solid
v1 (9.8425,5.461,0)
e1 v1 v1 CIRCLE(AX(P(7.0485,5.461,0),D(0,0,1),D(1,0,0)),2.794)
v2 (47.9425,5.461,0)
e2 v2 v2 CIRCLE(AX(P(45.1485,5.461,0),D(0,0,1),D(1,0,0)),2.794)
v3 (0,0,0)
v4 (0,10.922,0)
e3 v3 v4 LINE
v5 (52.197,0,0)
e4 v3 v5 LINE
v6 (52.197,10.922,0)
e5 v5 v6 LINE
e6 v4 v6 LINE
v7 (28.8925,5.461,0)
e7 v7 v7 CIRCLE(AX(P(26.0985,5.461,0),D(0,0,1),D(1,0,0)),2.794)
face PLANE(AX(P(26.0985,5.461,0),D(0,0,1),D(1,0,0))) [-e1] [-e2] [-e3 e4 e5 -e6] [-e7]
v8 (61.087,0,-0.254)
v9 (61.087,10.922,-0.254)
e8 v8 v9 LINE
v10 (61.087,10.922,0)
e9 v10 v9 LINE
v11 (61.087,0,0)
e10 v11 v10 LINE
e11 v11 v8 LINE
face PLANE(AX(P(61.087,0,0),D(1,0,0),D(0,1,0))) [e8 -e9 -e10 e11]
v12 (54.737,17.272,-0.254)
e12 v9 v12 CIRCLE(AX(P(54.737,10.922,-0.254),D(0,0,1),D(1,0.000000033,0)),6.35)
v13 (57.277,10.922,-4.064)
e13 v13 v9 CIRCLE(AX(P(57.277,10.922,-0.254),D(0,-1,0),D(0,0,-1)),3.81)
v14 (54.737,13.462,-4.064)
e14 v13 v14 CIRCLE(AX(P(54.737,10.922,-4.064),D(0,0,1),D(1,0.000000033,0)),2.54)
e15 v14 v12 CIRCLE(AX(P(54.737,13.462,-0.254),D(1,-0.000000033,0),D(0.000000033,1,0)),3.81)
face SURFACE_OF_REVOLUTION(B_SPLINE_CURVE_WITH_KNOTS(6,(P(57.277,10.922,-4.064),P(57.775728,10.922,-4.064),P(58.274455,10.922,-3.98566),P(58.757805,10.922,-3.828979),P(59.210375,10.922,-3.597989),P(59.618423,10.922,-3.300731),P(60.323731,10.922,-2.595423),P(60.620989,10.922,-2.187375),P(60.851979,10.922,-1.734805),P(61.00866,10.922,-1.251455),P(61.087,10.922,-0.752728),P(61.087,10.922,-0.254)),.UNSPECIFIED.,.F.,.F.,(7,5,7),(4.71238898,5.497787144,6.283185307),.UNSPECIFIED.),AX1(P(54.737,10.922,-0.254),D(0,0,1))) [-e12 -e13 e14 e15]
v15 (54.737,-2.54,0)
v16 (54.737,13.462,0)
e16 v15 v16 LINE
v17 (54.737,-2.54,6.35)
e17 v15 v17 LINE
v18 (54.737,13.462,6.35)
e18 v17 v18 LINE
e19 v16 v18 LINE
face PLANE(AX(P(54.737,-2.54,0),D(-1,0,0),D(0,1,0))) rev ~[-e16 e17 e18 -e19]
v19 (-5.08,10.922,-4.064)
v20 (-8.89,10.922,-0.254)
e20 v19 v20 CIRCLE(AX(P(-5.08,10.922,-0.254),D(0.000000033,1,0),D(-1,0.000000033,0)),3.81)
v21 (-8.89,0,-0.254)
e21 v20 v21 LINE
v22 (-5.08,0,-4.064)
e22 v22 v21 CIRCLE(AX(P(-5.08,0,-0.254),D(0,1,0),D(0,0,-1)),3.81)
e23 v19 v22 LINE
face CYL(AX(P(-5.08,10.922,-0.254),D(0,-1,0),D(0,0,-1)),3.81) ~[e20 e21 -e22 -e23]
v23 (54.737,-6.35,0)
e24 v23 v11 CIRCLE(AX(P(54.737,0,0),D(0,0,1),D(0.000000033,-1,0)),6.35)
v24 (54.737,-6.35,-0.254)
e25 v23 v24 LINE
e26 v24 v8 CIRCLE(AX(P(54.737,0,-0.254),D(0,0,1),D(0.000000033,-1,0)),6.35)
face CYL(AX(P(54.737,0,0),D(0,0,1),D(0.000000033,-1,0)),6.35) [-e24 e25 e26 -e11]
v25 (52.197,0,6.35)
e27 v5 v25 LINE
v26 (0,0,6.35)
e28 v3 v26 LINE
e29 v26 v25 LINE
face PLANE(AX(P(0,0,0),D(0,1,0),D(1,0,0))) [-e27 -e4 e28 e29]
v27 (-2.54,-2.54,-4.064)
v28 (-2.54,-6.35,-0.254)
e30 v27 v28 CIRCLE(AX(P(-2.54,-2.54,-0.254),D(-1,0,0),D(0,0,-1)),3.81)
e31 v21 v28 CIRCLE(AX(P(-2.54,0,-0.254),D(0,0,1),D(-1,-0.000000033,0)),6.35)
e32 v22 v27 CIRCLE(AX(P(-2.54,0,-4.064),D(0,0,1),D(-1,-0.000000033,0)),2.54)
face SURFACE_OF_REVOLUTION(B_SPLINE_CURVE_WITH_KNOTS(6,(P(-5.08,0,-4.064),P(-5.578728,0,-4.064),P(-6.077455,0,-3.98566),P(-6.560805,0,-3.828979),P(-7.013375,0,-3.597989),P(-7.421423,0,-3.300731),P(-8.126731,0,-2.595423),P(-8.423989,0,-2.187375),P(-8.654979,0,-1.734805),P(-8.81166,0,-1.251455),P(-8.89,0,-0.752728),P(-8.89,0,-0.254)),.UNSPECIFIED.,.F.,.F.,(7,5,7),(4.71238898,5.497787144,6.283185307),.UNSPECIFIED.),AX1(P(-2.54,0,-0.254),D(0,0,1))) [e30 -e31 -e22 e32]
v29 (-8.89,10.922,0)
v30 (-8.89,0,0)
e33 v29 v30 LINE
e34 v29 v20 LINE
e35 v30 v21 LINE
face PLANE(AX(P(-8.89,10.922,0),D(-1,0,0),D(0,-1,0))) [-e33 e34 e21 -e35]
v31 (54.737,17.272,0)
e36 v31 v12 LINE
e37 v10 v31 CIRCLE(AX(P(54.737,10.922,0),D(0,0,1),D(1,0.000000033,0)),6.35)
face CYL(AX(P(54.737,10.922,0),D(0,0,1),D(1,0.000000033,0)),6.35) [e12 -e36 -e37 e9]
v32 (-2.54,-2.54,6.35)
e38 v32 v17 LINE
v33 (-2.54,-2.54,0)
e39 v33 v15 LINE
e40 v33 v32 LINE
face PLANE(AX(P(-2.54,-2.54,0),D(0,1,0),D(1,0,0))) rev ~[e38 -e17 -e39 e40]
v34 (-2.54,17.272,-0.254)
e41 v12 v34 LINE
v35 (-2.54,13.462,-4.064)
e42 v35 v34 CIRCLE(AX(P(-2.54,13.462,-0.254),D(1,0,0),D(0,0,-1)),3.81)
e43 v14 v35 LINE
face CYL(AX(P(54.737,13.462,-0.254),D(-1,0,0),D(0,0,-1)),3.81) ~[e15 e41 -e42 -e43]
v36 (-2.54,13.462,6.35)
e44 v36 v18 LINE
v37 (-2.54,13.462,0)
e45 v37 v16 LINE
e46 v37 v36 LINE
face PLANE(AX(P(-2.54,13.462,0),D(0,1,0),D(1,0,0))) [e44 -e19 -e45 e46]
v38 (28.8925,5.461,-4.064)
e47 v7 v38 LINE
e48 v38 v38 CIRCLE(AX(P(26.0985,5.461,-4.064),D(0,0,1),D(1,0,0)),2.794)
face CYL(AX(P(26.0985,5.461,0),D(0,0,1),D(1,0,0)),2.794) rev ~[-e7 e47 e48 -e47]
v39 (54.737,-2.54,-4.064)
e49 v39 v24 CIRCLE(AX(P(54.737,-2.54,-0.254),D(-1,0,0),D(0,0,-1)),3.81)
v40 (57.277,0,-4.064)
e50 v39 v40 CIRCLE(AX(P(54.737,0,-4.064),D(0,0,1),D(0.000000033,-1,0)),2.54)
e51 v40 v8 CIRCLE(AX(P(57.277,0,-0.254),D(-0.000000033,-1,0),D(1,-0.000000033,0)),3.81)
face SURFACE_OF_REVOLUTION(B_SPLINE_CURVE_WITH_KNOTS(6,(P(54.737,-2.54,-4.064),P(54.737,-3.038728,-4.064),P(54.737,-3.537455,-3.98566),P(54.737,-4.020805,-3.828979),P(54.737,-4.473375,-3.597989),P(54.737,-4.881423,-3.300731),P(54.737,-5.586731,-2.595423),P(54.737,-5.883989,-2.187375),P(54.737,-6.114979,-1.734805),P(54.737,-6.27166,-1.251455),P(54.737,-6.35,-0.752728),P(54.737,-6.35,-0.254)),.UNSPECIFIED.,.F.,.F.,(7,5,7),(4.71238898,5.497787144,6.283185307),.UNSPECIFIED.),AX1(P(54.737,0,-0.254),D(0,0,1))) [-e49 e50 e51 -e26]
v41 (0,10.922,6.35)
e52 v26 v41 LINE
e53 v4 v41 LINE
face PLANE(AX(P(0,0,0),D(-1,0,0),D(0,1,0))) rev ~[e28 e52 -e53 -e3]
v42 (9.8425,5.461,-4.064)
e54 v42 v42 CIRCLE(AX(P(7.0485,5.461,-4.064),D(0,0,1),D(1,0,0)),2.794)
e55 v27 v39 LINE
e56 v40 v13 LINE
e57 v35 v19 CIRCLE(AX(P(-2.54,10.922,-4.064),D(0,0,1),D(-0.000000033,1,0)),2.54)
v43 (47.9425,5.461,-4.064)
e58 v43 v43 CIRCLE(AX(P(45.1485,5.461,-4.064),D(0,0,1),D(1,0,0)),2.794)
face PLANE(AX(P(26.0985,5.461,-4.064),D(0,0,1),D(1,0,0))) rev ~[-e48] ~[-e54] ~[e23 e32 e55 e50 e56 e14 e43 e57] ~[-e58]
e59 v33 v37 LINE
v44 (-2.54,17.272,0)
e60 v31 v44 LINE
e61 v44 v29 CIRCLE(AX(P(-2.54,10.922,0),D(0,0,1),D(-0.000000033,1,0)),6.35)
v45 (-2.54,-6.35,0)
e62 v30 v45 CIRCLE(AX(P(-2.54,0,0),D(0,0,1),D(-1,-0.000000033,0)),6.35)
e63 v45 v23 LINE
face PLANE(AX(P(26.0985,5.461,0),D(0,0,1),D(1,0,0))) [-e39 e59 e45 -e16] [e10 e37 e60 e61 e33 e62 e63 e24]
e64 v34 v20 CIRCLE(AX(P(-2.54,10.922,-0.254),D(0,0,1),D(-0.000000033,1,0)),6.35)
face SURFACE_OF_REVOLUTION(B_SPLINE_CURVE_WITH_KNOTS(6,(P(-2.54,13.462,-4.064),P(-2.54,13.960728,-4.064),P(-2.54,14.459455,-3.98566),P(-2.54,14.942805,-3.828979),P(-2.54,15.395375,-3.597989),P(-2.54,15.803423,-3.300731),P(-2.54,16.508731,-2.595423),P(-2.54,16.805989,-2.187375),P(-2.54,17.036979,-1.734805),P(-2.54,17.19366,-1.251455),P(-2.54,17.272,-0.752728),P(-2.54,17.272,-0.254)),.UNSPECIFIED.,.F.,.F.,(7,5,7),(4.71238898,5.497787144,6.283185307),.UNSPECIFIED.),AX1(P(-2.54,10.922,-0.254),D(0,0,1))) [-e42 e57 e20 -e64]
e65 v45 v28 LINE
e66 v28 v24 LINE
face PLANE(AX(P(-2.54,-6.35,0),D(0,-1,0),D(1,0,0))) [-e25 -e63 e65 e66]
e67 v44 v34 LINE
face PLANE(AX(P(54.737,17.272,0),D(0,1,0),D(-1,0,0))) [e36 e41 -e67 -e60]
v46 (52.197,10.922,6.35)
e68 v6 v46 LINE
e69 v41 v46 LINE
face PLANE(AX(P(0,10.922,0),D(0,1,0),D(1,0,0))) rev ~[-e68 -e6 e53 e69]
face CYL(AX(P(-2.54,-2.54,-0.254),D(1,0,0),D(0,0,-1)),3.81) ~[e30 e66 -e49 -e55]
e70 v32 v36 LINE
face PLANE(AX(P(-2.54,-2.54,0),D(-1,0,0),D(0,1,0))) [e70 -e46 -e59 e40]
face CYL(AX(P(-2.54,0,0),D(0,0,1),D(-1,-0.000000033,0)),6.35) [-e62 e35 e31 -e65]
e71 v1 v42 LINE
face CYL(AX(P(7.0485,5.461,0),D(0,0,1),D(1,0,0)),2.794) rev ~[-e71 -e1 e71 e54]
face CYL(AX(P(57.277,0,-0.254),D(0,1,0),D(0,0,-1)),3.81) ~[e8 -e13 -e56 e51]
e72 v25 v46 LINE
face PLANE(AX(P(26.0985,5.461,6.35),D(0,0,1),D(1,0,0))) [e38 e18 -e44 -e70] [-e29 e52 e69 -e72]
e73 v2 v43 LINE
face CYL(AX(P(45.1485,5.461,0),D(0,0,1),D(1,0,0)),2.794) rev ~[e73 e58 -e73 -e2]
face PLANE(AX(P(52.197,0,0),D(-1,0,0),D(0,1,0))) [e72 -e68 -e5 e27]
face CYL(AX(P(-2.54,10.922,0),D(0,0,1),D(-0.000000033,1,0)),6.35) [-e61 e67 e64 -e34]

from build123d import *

# Parameters (mm, degrees)
F0_W     = 57.277
F0_H     = 16.002
F0_W_2   = 52.197
F0_H_2   = 10.922
F0_R     = 2.794
F1_DEPTH = 4.064
F2_DEPTH = 6.35
F3_R     = 3.81


with BuildPart() as f1:
    # F0 (on Top) → F1 (new body)
    with BuildSketch(Plane.XY):
        with BuildLine():
            Line((54.737, 17.272), (-2.54, 17.272))
            ThreePointArc((-2.54, 17.272), (-7.030128, 15.412128), (-8.89, 10.922))
            Line((-8.89, 10.922), (-8.89, 0))
            ThreePointArc((-8.89, 0), (-7.030128, -4.490128), (-2.54, -6.35))
            Line((-2.54, -6.35), (54.737, -6.35))
            ThreePointArc((54.737, -6.35), (59.227128, -4.490128), (61.087, 0))
            Line((61.087, 0), (61.087, 10.922))
            ThreePointArc((61.087, 10.922), (59.227128, 15.412128), (54.737, 17.272))
        make_face()
        with Locations((26.0985, 5.461)):
            Rectangle(F0_W, F0_H, mode=Mode.SUBTRACT)
        with Locations((26.0985, 5.461)):
            Rectangle(F0_W, F0_H)
        with Locations((26.0985, 5.461)):
            Rectangle(F0_W_2, F0_H_2, mode=Mode.SUBTRACT)
        with Locations((26.0985, 5.461)):
            Rectangle(F0_W_2, F0_H_2)
        with Locations((7.0485, 5.461)):
            Circle(F0_R, mode=Mode.SUBTRACT)
        with Locations((26.0985, 5.461)):
            Circle(F0_R, mode=Mode.SUBTRACT)
        with Locations((45.1485, 5.461)):
            Circle(F0_R, mode=Mode.SUBTRACT)
    extrude(amount=-F1_DEPTH)

    # F0 (on Top) → F2 (join)
    with BuildSketch(Plane.XY):
        with Locations((26.0985, 5.461)):
            Rectangle(F0_W, F0_H)
        with Locations((26.0985, 5.461)):
            Rectangle(F0_W_2, F0_H_2, mode=Mode.SUBTRACT)
    extrude(amount=F2_DEPTH)

    # F3
    f3_edges = [f1.edges().sort_by_distance(p)[0] for p in [
        (26.0985, -6.35, -4.064),
    ]]
    fillet(f3_edges, radius=F3_R)


solid = f1.part
